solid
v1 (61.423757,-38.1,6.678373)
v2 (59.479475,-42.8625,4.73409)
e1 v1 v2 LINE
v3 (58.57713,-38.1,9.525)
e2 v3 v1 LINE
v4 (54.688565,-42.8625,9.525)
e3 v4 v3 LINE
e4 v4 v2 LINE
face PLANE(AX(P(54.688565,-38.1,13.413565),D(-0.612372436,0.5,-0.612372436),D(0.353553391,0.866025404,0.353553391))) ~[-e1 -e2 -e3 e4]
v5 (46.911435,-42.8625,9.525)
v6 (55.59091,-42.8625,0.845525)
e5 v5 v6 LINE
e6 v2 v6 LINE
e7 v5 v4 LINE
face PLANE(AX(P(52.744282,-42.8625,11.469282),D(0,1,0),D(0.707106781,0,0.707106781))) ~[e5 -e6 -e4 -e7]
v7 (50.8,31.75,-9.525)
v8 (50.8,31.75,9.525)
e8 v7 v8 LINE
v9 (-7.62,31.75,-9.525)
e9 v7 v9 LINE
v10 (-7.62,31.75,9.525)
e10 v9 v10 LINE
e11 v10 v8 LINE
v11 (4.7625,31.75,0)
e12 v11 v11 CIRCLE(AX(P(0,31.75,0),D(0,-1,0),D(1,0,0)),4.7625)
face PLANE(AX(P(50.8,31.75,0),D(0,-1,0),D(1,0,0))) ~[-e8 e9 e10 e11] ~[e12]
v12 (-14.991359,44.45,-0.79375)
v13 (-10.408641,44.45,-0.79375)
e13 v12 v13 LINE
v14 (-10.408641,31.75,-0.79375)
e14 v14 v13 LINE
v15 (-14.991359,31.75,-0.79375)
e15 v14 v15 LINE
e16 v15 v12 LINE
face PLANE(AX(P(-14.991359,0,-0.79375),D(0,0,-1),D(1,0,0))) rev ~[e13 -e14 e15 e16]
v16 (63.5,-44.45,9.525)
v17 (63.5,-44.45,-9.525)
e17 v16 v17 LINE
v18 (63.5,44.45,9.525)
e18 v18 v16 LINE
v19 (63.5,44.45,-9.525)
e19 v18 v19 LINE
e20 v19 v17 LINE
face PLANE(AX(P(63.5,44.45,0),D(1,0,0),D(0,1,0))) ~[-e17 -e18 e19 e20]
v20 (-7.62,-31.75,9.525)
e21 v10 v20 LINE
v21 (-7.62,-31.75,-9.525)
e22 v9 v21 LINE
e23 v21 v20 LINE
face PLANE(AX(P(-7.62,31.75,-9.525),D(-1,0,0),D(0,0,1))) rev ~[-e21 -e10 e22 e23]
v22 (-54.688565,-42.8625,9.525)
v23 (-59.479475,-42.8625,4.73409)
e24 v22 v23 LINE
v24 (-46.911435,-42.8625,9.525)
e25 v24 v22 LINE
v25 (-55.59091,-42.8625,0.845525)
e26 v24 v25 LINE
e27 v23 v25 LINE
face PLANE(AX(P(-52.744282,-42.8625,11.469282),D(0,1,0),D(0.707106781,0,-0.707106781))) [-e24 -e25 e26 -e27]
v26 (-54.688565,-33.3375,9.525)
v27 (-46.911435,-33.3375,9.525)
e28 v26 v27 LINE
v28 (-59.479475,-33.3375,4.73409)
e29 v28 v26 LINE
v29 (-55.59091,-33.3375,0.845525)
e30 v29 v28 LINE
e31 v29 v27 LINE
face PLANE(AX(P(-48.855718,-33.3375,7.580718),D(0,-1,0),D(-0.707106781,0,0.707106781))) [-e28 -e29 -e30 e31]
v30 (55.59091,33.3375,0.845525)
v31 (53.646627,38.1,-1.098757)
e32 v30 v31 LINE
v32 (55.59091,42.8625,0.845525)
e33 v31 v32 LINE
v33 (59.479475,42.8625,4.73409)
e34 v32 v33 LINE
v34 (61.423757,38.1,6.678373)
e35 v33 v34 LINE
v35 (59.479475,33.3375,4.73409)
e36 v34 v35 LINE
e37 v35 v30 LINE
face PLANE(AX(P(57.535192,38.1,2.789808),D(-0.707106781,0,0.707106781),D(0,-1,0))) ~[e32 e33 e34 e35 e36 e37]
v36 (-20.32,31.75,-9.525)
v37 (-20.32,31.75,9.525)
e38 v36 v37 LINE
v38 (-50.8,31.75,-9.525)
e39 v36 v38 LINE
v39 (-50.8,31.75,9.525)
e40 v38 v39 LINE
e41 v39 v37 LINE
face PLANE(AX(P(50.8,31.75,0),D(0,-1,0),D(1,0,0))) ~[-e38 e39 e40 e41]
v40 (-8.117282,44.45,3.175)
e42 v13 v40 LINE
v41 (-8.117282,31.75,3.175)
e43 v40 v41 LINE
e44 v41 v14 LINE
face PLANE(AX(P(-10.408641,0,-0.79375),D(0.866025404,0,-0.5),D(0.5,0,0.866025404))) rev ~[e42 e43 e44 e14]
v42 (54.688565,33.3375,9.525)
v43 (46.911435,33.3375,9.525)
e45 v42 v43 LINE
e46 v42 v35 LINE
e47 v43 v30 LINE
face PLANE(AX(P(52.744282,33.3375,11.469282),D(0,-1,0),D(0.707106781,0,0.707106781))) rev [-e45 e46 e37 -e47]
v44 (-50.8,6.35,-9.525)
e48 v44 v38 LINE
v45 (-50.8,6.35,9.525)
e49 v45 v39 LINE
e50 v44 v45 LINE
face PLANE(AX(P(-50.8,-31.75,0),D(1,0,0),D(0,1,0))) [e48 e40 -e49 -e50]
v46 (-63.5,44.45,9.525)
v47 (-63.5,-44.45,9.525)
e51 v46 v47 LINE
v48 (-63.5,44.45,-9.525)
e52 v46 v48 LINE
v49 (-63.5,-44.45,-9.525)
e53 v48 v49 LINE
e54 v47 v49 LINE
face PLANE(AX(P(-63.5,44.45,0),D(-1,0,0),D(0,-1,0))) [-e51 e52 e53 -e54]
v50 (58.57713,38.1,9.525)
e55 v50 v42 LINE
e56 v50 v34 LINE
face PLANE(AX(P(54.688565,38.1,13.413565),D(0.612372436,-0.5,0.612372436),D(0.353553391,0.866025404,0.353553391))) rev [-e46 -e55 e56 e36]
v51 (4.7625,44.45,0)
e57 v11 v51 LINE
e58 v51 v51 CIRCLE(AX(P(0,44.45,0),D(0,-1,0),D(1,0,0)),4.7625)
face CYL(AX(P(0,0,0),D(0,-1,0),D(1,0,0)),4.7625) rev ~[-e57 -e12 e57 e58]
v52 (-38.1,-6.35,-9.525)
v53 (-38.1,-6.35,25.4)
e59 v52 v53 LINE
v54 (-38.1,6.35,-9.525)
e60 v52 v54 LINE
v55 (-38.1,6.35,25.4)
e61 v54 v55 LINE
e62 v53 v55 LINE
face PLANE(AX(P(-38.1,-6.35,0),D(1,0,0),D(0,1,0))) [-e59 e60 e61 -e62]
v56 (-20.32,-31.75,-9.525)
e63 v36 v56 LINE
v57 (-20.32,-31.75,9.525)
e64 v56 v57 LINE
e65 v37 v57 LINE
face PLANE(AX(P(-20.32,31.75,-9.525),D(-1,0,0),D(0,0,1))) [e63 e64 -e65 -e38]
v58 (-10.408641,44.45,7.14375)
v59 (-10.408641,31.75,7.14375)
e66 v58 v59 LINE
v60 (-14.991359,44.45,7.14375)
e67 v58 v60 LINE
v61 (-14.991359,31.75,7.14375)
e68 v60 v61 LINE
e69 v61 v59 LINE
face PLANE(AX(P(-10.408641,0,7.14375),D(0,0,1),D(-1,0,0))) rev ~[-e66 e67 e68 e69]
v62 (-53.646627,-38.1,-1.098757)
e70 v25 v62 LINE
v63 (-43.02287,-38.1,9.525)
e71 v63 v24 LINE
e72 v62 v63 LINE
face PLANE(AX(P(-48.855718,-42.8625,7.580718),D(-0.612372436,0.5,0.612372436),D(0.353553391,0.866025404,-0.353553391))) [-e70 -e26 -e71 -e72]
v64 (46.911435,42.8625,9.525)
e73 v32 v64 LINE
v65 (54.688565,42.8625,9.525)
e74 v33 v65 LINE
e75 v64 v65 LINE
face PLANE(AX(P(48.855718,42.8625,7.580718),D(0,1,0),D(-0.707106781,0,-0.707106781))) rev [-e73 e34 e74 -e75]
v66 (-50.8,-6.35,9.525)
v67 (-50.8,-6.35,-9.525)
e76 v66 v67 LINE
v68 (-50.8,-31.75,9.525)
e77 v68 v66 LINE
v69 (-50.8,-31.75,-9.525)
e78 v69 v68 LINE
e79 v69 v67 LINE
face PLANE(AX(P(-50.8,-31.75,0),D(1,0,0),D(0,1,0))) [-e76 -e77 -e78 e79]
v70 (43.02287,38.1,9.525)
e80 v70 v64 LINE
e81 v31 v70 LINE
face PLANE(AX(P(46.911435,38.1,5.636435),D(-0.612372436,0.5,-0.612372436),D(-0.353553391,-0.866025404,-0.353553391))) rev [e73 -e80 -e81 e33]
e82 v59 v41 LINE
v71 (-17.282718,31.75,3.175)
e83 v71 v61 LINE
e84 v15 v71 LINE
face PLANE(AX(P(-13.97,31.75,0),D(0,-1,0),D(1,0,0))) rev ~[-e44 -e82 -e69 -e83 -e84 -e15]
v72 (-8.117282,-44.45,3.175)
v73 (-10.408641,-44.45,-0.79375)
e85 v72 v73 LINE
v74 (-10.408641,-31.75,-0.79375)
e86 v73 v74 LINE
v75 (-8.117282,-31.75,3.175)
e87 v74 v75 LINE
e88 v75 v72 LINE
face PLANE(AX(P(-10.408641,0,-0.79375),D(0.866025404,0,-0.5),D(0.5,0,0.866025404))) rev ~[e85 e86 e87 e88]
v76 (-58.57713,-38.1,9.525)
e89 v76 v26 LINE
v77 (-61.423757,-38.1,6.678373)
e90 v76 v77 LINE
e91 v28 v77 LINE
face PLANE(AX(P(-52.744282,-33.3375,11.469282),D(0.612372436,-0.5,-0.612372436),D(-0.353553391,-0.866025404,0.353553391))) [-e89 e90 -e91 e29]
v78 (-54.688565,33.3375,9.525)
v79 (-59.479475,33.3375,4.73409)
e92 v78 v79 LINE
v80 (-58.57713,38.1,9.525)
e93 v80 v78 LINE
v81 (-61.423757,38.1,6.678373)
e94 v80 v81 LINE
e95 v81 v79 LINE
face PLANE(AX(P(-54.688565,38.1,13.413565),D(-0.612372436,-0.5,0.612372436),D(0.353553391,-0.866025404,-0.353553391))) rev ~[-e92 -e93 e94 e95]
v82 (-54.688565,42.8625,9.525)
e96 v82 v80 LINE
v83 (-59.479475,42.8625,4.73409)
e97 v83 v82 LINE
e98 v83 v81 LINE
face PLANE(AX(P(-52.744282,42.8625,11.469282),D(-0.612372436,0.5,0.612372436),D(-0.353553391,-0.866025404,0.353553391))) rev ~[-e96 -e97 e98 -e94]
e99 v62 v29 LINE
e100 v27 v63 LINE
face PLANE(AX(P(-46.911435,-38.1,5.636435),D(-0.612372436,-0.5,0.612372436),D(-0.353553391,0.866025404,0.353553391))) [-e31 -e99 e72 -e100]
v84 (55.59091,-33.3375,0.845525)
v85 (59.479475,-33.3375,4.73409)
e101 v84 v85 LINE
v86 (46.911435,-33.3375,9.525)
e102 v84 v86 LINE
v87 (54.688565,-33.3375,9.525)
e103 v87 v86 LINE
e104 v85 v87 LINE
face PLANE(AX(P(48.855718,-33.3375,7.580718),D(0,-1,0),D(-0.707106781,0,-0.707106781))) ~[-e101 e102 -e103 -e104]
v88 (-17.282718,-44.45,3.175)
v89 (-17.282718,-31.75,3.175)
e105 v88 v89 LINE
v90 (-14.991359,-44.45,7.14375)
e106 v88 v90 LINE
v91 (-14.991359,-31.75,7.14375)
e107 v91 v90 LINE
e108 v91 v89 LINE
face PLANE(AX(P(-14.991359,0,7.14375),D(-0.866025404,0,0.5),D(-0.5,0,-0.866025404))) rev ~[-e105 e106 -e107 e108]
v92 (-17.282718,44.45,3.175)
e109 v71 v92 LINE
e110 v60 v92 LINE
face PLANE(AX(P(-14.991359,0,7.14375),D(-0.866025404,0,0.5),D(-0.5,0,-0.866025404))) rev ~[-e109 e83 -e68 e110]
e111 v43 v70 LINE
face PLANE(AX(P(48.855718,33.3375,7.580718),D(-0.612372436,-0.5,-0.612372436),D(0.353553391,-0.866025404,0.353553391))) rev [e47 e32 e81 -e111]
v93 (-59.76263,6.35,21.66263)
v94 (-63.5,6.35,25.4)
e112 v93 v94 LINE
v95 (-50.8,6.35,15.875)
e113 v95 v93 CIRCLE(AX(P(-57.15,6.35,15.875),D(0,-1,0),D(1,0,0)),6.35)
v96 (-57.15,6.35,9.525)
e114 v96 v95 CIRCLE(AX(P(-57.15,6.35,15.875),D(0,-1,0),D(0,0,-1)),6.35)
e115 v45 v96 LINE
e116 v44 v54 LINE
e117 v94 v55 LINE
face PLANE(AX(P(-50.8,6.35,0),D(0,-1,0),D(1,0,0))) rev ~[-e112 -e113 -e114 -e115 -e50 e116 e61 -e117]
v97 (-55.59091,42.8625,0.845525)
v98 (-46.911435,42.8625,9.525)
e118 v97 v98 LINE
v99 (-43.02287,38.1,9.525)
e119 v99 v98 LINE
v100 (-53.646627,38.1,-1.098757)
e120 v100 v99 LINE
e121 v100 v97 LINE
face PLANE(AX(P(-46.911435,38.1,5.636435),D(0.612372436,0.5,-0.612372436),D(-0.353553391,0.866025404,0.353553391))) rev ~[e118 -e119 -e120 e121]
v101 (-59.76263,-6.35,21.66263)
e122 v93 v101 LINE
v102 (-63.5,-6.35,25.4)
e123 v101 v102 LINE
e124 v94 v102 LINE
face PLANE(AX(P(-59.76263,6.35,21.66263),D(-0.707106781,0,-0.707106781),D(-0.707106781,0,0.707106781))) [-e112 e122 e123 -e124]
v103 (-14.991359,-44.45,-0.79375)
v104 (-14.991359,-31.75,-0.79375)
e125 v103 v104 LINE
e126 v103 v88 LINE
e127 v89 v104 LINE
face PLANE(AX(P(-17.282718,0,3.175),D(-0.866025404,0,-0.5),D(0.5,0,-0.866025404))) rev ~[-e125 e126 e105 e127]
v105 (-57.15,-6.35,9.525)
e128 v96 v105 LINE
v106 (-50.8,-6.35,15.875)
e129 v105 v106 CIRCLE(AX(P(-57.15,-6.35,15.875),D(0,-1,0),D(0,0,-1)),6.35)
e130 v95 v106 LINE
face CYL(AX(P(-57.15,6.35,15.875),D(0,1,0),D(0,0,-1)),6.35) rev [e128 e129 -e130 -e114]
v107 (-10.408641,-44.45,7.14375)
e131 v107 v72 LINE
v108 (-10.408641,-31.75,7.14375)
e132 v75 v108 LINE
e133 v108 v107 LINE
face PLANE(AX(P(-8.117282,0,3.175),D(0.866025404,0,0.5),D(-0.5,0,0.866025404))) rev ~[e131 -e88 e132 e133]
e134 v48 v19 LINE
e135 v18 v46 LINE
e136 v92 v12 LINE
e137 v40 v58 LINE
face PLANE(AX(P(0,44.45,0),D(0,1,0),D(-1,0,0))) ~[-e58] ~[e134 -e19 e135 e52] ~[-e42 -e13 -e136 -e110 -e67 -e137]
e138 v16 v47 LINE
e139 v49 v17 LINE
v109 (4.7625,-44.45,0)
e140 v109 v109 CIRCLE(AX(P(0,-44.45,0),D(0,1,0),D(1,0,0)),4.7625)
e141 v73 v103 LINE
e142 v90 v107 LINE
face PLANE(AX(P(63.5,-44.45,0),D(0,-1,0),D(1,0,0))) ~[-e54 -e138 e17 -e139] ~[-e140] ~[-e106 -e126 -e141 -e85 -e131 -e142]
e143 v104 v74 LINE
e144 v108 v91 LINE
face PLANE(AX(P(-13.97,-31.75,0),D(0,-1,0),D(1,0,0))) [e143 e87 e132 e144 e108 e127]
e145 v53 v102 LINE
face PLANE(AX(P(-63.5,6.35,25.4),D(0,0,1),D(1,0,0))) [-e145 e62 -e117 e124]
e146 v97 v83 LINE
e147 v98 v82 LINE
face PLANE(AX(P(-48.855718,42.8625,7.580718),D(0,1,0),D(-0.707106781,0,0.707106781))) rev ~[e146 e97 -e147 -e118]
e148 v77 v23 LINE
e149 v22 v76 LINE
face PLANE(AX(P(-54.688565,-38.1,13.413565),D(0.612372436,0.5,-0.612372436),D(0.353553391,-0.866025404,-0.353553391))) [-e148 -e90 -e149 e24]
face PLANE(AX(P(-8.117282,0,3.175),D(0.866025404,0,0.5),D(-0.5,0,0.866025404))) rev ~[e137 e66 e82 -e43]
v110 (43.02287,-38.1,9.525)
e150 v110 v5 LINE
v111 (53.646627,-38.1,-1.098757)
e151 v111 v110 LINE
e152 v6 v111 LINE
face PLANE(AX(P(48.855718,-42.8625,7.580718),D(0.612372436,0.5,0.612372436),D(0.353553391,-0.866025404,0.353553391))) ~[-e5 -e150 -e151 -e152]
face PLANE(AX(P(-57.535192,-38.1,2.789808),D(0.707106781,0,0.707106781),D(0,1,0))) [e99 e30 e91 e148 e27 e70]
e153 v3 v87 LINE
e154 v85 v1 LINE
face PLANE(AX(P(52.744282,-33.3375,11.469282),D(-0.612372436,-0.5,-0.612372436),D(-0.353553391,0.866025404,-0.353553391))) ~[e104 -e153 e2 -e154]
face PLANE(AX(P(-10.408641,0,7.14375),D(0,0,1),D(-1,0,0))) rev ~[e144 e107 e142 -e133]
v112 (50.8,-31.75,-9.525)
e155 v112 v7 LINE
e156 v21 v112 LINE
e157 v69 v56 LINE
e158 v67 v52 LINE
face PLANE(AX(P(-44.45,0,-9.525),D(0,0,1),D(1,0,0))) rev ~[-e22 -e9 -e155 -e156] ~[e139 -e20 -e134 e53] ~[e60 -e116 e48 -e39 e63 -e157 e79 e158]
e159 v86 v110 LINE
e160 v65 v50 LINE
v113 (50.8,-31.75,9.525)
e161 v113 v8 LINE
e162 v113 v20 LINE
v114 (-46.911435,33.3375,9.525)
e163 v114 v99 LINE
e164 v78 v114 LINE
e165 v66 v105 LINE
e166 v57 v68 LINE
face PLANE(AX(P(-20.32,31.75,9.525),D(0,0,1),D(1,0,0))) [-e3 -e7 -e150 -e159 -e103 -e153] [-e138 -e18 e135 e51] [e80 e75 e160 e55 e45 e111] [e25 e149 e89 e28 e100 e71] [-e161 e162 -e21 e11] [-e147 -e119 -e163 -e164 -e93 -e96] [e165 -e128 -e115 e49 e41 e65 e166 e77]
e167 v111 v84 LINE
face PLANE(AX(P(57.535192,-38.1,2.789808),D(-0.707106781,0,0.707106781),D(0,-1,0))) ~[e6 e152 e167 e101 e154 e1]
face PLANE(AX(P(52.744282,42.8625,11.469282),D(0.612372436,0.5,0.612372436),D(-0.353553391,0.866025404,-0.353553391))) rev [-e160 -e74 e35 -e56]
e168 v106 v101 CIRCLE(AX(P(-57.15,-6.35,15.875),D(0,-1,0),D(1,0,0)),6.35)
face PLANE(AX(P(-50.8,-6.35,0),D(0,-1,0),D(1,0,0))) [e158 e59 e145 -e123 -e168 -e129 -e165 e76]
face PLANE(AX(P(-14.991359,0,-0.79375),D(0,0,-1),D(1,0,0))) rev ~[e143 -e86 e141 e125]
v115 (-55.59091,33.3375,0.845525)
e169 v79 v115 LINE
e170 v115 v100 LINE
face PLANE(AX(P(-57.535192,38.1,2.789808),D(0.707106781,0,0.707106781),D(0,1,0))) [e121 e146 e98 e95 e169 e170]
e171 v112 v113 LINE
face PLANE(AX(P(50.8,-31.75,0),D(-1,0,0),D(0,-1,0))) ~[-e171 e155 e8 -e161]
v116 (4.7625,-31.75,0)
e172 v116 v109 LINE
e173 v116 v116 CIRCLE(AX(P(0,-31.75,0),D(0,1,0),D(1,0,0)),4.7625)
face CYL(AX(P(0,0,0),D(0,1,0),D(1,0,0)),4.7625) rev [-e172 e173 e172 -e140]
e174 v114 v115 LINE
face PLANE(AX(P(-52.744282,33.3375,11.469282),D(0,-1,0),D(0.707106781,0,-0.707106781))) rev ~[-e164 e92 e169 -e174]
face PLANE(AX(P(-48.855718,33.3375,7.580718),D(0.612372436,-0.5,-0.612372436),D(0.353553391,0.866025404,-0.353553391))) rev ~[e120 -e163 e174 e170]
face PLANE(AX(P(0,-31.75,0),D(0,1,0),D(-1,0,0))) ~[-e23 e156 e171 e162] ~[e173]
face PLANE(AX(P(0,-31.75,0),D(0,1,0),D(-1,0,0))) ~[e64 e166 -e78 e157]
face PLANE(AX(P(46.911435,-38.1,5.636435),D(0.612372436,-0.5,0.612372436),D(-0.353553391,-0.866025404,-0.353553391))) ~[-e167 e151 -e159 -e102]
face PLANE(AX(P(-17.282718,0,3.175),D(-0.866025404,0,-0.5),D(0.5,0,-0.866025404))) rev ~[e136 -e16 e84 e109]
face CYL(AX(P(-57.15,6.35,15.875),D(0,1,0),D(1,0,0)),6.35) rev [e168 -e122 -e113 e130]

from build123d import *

# Parameters (mm, degrees)
F1_DEPTH  = 9.525
F6_DEPTH  = 9.525
F2_R      = 4.7625
F8_DEPTH  = 80.01
F9_W      = 12.7
F9_H      = 19.05
F10_DEPTH = 63.5
F0_W      = 12.7
F0_H      = 12.7
F11_DEPTH = 25.4
F13_DEPTH = 12.7
F14_DEPTH = 9.525


with BuildPart() as f1:
    # F0 (on Top) → F1 (new body, symmetric)
    with BuildSketch(Plane.XY):
        Polygon((-63.5, -44.45), (0, -44.45), (0, -31.75), (-50.8, -31.75), (-50.8, -6.35), (-50.8, 6.35), (-50.8, 31.75), (0, 31.75), (0, 44.45), (-63.5, 44.45), align=None)
    extrude(amount=F1_DEPTH, both=True)

    # F5 (on line) → F6 (cut, symmetric)
    with BuildSketch(Plane(origin=(-20.6375, 0, -20.6375), x_dir=(0, 1, 0), z_dir=(0.7071067812, 0, 0.7071067812))):
        Polygon((-42.8625, 39.9065859181), (-38.1, 37.156955261), (-33.3375, 39.9065859181), (-33.3375, 45.4058472321), (-38.1, 48.1554778891), (-42.8625, 45.4058472321), align=None)
        Polygon((33.3375, 39.9065859181), (38.1, 37.156955261), (42.8625, 39.9065859181), (42.8625, 45.4058472321), (38.1, 48.1554778891), (33.3375, 45.4058472321), align=None)
    extrude(amount=F6_DEPTH, both=True, mode=Mode.SUBTRACT)

    # F7: F1 across plane


with BuildPart() as f1_1:
    add(f1.part)
    add(f1.part.mirror(Plane.YZ))

    # F2 (on Front) → F8 (cut, symmetric)
    with BuildSketch(Plane.XZ):
        Circle(F2_R)
        Polygon((-10.4086411192, -0.79375), (-8.1172822383, 3.175), (-10.4086411192, 7.14375), (-14.9913588808, 7.14375), (-17.2827177617, 3.175), (-14.9913588808, -0.79375), align=None)
    extrude(amount=F8_DEPTH, both=True, mode=Mode.SUBTRACT)

    # F9 (on face) → F10 (join)
    with BuildSketch(Plane.XZ.offset(-31.75)):
        with Locations((-13.97, 0)):
            Rectangle(F9_W, F9_H)
        Polygon((-14.9913588808, -0.79375), (-17.2827177617, 3.175), (-14.9913588808, 7.14375), (-10.4086411192, 7.14375), (-8.1172822383, 3.175), (-10.4086411192, -0.79375), align=None, mode=Mode.SUBTRACT)
        Polygon((-14.9913588808, 7.14375), (-17.2827177617, 3.175), (-14.9913588808, -0.79375), (-10.4086411192, -0.79375), (-8.1172822383, 3.175), (-10.4086411192, 7.14375), align=None)
    extrude(amount=F10_DEPTH)

    # F0 (on Top) → F11 (join)
    with BuildSketch(Plane.XY):
        with Locations((-44.45, 0)):
            Rectangle(F0_W, F0_H)
    extrude(amount=F11_DEPTH)

    # F12 (on face) → F13 (join)
    with BuildSketch(Plane(origin=(0, 6.35, 0), x_dir=(-1, 0, 0), z_dir=(0, 1, 0))):
        with BuildLine():
            Line((50.8, 15.875), (50.8, 9.525))
            Line((50.8, 9.525), (57.15, 9.525))
            ThreePointArc((57.15, 9.525), (52.6598719395, 11.3848719395), (50.8, 15.875))
        make_face()
        with BuildLine():
            Line((50.8, 25.4), (50.8, 15.875))
            ThreePointArc((50.8, 15.875), (53.7052722756, 21.2094494472), (59.7626302063, 21.6626302063))
            Line((59.7626302063, 21.6626302063), (63.5, 25.4))
            Line((63.5, 25.4), (50.8, 25.4))
        make_face()
    extrude(amount=-F13_DEPTH)

    # F0 (on Top) → F14 (join)
    with BuildSketch(Plane.XY):
        with Locations((-44.45, 0)):
            Rectangle(F0_W, F0_H)
    extrude(amount=-F14_DEPTH)


solid = f1_1.part
